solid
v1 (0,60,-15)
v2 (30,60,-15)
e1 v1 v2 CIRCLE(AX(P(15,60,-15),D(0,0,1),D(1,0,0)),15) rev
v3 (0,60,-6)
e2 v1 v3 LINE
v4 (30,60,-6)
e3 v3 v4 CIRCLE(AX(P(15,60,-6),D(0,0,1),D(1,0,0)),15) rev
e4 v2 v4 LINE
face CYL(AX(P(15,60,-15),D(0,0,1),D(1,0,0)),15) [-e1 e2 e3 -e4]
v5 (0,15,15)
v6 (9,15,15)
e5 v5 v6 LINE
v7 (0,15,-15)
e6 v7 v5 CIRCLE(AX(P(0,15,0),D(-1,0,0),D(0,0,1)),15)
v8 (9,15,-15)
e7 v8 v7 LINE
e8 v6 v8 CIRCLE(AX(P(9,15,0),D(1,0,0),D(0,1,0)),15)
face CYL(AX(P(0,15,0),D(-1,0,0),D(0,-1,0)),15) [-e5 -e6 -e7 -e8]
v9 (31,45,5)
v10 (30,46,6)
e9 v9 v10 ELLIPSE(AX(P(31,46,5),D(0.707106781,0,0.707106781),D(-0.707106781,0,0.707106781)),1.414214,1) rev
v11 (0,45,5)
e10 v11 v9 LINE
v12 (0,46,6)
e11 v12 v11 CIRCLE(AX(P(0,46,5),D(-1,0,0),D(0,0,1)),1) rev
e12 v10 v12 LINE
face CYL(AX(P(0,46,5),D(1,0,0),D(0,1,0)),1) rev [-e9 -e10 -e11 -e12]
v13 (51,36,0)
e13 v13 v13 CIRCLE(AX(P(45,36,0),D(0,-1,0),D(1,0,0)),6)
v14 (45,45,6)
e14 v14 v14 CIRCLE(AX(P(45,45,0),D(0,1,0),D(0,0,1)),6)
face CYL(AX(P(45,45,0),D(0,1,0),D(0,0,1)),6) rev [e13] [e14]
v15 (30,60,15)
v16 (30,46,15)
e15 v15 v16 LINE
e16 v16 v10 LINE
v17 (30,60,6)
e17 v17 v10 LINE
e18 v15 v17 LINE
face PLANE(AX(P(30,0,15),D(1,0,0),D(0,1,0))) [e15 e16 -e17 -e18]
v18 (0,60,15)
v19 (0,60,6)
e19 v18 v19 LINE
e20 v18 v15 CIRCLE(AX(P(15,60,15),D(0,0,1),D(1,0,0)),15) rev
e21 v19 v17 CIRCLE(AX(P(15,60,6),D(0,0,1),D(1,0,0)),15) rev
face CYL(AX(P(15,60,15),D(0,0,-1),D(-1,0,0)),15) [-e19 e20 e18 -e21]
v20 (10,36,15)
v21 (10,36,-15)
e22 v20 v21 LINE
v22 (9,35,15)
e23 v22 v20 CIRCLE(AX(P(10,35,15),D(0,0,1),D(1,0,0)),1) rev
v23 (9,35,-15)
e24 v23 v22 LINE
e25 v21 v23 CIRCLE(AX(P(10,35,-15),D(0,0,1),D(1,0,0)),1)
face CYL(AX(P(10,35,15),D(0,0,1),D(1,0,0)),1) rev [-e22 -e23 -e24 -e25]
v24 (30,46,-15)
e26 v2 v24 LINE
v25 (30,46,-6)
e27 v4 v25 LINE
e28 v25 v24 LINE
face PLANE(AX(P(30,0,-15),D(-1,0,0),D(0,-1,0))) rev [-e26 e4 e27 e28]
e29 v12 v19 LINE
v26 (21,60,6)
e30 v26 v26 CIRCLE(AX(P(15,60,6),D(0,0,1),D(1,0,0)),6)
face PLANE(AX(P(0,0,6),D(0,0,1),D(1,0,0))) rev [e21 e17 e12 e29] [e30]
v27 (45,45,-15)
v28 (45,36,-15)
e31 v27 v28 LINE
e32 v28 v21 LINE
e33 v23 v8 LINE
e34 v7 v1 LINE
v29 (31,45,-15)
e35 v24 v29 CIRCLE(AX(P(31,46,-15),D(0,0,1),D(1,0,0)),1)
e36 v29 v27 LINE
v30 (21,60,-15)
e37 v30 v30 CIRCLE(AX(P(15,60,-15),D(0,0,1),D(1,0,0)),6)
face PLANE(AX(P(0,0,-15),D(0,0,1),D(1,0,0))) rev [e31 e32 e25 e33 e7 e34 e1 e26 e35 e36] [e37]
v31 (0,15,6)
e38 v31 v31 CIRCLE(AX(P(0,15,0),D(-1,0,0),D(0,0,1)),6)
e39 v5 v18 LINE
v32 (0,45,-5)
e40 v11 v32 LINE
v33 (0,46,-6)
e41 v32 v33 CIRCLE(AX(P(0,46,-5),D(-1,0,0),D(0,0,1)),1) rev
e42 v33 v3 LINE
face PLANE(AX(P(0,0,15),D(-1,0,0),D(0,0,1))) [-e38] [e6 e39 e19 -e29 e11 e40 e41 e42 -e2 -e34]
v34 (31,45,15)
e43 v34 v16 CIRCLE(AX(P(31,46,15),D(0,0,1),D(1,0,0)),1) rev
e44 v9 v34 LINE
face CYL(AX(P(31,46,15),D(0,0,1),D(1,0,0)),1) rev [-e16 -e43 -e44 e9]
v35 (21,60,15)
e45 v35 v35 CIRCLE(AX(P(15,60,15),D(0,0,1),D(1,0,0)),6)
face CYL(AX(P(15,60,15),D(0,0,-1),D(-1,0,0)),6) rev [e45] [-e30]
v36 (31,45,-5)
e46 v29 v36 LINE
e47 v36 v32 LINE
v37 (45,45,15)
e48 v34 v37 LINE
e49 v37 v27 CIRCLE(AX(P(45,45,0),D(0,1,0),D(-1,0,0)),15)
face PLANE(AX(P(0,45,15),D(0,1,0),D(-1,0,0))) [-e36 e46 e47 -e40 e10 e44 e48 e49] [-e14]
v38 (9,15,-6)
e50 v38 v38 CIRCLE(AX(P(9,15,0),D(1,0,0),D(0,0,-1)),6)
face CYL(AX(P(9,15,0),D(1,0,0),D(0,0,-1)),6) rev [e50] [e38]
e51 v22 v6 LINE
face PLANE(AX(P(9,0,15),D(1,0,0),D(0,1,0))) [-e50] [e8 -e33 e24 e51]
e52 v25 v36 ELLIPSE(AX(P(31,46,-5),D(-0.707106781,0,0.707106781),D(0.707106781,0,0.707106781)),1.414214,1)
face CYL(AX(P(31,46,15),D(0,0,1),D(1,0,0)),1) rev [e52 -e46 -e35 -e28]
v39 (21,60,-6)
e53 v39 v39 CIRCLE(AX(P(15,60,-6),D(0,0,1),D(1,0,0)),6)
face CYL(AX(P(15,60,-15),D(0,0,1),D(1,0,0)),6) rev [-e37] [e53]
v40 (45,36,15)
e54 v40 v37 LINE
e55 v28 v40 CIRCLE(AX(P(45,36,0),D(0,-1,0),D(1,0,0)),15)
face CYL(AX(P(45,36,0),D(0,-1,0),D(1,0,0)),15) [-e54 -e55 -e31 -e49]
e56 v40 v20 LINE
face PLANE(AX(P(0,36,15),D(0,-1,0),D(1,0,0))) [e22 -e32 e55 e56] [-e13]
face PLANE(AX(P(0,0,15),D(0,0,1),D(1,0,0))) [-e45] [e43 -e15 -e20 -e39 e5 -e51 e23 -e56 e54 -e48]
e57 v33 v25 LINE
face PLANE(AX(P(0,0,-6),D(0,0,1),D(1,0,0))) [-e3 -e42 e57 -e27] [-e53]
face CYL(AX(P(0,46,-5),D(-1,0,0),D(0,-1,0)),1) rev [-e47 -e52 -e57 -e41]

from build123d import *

# Parameters (mm, degrees)
BOSS_EXTRUDE1_DEPTH                  = 15
BOSS_EXTRUDE2_START                  = 6
SKETCH1_3_R                          = 6
BOSS_EXTRUDE2_DEPTH                  = 9
BOSS_EXTRUDE3_START                  = -15
SKETCH1_4_R                          = 6
BOSS_EXTRUDE3_DEPTH                  = 9
FILLET1_RADIUS                       = 15
FILLET1_LENGTH                       = 9
FILLET2_RADIUS                       = 15
FILLET2_LENGTH                       = 9
F_12_0MM_DOWEL_HOLE1_D               = 12
F_12_0MM_DOWEL_HOLE1_DEPTH           = 13
F_12_0MM_DOWEL_HOLE1_ON_FACE_2_D     = 12
F_12_0MM_DOWEL_HOLE1_ON_FACE_2_DEPTH = 13
FILLET6_R                            = 1
FILLET4_R                            = 1
FILLET5_R                            = 1
FILLET7_R                            = 1


with BuildPart() as part:
    # Sketch1 → Boss-Extrude1 (new, symmetric)
    with BuildSketch(Plane.XY):
        Polygon((0, 45), (0, 0), (9, 0), (9, 36), (60, 36), (60, 45), (30, 45), align=None)
    extrude(amount=BOSS_EXTRUDE1_DEPTH, both=True)

    # Sketch1<3> → Boss-Extrude2 (add)
    with BuildSketch(Plane.XY.offset(BOSS_EXTRUDE2_START)):
        with BuildLine():
            Line((0, 60), (0, 45))
            Line((0, 45), (30, 45))
            Line((30, 45), (30, 60))
            ThreePointArc((30, 60), (15, 75), (0, 60))
        make_face()
        with Locations((15, 60)):
            Circle(SKETCH1_3_R, mode=Mode.SUBTRACT)
    extrude(amount=BOSS_EXTRUDE2_DEPTH)

    # Sketch1<4> → Boss-Extrude3 (add)
    with BuildSketch(Plane.XY.offset(BOSS_EXTRUDE3_START)):
        with BuildLine():
            Line((0, 60), (0, 45))
            Line((0, 45), (30, 45))
            Line((30, 45), (30, 60))
            ThreePointArc((30, 60), (15, 75), (0, 60))
        make_face()
        with Locations((15, 60)):
            Circle(SKETCH1_4_R, mode=Mode.SUBTRACT)
    extrude(amount=BOSS_EXTRUDE3_DEPTH)

    # Fillet1: full round fillet: the end face becomes a half cylinder, R = half its width
    fillet1_face = Plane((60, 40.5, 0), x_dir=(0, -1, 0), z_dir=(1, 0, 0))  # on the end face: x along it, z out of the body
    fillet1_slab = fillet1_face.offset(-FILLET1_RADIUS / 2) * Box(FILLET1_LENGTH, 2 * FILLET1_RADIUS, FILLET1_RADIUS, mode=Mode.PRIVATE)  # the body's end, R deep
    fillet1_round = Plane((45, 40.5, 0), x_dir=(1, 0, 0), z_dir=(0, -1, 0)) * Cylinder(FILLET1_RADIUS, FILLET1_LENGTH, mode=Mode.PRIVATE)  # its axis R under the face
    add(fillet1_slab - fillet1_round, mode=Mode.SUBTRACT)

    # Fillet2: full round fillet: the end face becomes a half cylinder, R = half its width
    fillet2_face = Plane((4.5, 0, 0), x_dir=(1, 0, 0), z_dir=(0, -1, 0))  # on the end face: x along it, z out of the body
    fillet2_slab = fillet2_face.offset(-FILLET2_RADIUS / 2) * Box(FILLET2_LENGTH, 2 * FILLET2_RADIUS, FILLET2_RADIUS, mode=Mode.PRIVATE)  # the body's end, R deep
    fillet2_round = Plane((4.5, 15, 0), x_dir=(0, -1, 0), z_dir=(1, 0, 0)) * Cylinder(FILLET2_RADIUS, FILLET2_LENGTH, mode=Mode.PRIVATE)  # its axis R under the face
    add(fillet2_slab - fillet2_round, mode=Mode.SUBTRACT)

    # Ø12.0mm Dowel Hole1
    with Locations(Plane(origin=(45, 45, 0), x_dir=(1, 0, 0), z_dir=(0, 1, 0))):
        with Locations((0, 0)):
            Hole(F_12_0MM_DOWEL_HOLE1_D / 2, depth=F_12_0MM_DOWEL_HOLE1_DEPTH)

    # Ø12.0mm Dowel Hole1 on face 2
    with Locations(Plane(origin=(9, 15, 0), x_dir=(0, 0, 1), z_dir=(1, 0, 0))):
        with Locations((0, 0)):
            Hole(F_12_0MM_DOWEL_HOLE1_ON_FACE_2_D / 2, depth=F_12_0MM_DOWEL_HOLE1_ON_FACE_2_DEPTH)

    # Fillet6
    fillet6_edges = [part.edges().sort_by_distance(p)[0] for p in [
        (9, 36, 0),
    ]]
    fillet(fillet6_edges, radius=FILLET6_R)

    # Fillet4
    fillet4_edges = [part.edges().sort_by_distance(p)[0] for p in [
        (30, 45, -10.5),
    ]]
    fillet(fillet4_edges, radius=FILLET4_R)

    # Fillet5
    fillet5_edges = [part.edges().sort_by_distance(p)[0] for p in [
        (30, 45, 10.5),
    ]]
    fillet(fillet5_edges, radius=FILLET5_R)

    # Fillet7
    fillet7_edges = [part.edges().sort_by_distance(p)[0] for p in [
        (15.5, 45, -6),
        (15.5, 45, 6),
    ]]
    fillet(fillet7_edges, radius=FILLET7_R)


solid = part.part
